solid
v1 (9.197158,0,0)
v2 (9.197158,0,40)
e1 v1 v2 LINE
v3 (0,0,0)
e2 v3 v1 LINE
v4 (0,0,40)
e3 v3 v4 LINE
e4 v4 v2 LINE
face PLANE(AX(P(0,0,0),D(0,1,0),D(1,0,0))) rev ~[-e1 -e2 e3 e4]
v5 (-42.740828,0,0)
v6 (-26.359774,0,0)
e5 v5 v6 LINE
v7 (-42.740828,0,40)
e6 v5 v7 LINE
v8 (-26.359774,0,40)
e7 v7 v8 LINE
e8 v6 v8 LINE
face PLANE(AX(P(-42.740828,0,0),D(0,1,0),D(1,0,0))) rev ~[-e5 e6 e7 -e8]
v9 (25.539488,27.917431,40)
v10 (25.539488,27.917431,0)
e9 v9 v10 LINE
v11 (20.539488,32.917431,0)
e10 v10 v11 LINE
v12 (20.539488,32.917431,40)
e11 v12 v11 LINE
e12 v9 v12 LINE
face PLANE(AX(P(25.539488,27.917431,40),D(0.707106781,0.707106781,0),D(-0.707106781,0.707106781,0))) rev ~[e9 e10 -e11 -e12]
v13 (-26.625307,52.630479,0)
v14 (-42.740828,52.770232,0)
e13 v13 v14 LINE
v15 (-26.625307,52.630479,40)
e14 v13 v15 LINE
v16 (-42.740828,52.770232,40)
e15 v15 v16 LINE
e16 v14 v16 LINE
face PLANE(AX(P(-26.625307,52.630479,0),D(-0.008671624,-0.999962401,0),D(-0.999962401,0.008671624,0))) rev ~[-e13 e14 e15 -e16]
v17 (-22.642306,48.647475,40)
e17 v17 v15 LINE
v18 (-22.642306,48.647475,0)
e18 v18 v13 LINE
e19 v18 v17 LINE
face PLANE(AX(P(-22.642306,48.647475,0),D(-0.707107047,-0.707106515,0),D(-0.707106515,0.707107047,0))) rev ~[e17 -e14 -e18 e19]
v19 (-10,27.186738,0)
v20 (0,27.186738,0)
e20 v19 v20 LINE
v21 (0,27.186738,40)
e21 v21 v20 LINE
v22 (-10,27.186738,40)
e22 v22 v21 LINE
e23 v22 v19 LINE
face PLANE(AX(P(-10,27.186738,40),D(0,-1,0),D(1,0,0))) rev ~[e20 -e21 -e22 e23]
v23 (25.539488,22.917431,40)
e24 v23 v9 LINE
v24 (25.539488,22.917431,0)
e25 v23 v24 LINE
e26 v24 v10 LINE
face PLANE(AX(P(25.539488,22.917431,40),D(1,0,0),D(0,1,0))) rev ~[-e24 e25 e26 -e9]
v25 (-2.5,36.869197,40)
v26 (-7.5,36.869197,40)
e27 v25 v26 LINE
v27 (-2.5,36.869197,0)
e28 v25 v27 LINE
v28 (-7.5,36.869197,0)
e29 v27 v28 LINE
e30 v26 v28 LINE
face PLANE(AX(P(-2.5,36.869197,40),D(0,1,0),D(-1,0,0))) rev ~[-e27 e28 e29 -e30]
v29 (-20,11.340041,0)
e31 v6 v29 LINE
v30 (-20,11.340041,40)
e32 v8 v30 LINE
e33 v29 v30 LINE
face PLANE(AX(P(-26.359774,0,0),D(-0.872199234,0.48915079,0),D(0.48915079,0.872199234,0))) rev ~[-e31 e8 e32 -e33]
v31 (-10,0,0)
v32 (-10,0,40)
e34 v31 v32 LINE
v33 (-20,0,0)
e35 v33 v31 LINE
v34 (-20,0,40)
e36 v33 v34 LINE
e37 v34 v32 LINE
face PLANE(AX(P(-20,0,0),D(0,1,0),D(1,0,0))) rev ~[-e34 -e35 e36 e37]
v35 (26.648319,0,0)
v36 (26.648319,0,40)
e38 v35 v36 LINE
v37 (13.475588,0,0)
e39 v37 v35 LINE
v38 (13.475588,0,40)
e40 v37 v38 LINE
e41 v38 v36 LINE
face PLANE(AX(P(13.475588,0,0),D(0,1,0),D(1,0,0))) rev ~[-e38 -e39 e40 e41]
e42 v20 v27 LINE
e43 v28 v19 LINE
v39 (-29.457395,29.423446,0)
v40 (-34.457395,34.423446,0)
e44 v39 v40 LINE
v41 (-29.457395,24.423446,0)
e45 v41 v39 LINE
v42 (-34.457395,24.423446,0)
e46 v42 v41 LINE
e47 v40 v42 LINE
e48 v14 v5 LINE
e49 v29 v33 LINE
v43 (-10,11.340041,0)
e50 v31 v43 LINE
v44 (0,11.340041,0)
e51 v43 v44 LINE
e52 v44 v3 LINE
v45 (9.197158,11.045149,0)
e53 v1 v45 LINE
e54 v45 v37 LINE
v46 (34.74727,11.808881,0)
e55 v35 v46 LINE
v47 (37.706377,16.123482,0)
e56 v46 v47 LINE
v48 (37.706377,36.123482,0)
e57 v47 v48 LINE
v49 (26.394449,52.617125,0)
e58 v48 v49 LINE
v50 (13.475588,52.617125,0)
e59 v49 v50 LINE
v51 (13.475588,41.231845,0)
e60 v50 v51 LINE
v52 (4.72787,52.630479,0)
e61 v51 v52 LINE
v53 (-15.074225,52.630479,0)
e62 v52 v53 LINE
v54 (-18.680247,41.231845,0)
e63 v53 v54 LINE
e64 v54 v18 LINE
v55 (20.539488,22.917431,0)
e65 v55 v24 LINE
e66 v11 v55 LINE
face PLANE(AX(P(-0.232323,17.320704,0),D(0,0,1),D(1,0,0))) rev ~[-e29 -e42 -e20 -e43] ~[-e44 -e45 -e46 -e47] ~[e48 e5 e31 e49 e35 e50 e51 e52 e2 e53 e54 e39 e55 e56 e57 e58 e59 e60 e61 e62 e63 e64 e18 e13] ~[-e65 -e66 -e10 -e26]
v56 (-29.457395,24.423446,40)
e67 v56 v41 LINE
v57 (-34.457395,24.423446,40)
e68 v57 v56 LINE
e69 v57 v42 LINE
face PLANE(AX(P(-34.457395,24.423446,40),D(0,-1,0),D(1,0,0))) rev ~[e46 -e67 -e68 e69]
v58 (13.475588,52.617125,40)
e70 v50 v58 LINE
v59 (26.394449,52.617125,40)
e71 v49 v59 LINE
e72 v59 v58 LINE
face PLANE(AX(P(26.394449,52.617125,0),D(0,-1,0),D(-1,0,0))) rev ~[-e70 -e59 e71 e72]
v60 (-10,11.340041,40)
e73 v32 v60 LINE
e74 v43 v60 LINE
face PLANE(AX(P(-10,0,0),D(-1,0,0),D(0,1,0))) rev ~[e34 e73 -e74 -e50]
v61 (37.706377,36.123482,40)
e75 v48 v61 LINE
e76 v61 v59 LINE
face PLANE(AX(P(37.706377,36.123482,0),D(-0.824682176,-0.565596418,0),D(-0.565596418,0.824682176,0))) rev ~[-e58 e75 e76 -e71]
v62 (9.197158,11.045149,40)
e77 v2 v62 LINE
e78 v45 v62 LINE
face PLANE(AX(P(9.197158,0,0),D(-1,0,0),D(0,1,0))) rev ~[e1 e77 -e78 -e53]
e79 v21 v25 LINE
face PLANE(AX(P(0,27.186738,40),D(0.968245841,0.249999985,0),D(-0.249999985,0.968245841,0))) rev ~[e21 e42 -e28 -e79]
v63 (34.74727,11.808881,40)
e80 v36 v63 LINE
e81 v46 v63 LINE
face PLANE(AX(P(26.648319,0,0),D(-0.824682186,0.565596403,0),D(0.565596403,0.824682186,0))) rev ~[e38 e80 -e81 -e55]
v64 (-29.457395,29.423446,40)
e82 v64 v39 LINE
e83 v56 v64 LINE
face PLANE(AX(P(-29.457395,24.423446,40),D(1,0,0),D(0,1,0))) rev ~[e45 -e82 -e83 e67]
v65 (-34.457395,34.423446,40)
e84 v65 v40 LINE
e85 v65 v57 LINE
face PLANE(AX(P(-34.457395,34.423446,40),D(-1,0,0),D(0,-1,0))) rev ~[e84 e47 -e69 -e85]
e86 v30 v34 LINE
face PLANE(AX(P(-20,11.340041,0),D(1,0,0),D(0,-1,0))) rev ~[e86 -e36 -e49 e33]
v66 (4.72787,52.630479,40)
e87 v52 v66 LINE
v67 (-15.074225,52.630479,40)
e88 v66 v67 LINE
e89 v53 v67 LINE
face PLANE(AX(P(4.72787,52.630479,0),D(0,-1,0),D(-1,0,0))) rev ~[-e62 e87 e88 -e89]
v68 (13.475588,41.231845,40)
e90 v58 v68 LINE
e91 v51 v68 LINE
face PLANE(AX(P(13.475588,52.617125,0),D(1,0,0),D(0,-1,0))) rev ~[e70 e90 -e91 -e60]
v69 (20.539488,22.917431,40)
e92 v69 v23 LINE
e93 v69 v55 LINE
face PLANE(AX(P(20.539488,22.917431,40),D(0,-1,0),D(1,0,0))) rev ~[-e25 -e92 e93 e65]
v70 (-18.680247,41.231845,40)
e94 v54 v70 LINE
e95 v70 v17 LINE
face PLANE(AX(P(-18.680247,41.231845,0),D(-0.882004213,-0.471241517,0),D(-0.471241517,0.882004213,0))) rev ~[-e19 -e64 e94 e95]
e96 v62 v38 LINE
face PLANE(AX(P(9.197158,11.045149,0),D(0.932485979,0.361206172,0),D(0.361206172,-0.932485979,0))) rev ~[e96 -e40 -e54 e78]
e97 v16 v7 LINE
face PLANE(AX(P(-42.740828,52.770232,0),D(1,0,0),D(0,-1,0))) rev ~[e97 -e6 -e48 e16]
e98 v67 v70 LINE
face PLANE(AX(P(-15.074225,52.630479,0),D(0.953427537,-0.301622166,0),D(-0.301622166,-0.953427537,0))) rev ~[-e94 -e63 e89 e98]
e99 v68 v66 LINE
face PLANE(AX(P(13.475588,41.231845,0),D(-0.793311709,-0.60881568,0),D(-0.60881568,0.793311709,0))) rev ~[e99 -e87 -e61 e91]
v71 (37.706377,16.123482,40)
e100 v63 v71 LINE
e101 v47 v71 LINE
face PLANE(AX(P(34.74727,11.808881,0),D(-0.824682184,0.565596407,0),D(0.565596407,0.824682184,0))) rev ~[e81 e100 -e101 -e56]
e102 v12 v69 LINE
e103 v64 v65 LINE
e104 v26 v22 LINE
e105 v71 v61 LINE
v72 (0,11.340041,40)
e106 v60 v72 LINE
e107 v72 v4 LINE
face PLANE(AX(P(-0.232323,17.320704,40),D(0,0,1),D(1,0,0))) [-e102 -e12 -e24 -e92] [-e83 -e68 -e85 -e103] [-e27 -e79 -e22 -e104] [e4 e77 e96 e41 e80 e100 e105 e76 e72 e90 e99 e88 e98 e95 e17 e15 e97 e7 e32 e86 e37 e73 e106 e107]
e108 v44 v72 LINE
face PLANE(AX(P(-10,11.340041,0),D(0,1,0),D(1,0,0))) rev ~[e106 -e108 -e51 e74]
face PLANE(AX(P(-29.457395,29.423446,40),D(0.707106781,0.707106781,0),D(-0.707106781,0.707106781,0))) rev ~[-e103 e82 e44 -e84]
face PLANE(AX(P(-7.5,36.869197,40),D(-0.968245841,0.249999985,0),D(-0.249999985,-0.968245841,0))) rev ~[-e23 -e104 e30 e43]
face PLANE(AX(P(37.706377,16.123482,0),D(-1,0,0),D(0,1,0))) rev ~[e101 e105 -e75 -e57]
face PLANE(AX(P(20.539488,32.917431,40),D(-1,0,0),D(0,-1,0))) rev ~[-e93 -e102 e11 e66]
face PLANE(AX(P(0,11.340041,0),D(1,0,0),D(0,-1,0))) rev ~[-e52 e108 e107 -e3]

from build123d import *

# Parameters (mm, degrees)
F2_DEPTH = 40
F6_DEPTH = 40.001
F7_DEPTH = 40.001


with BuildPart() as f2:
    # F1 (on face) → F2 (new body)
    with BuildSketch(Plane.XY):
        Polygon((-30.25273, 38.586084), (-30.25273, 0), (-26.359774, 0), (-20, 11.340041), (-20, 0), (-10, 0), (-10, 11.340041), (0, 11.340041), (0, 0), (9.197158, 0), (9.197158, 11.045149), (13.475588, 0), (26.648319, 0), (34.74727, 11.808881), (34.74727, 38.586084), align=None)
        Polygon((-26.625307, 52.630479), (-42.740828, 52.770232), (-42.740828, 0), (-30.25273, 0), (-30.25273, 38.586084), (34.74727, 38.586084), (34.74727, 11.808881), (37.706377, 16.123482), (37.706377, 36.123482), (26.394449, 52.617125), (13.475588, 52.617125), (13.475588, 41.231845), (4.72787, 52.630479), (-15.074225, 52.630479), (-18.680247, 41.231845), (-22.642306, 48.647475), align=None)
    extrude(amount=F2_DEPTH)

    # F5 (on face) → F6 (cut, through all)
    with BuildSketch(Plane.XY.offset(40)):
        Polygon((-34.457395, 34.423446), (-34.457395, 24.423446), (-29.457395, 24.423446), (-29.457395, 29.423446), align=None)
        Polygon((25.539488, 27.917431), (20.539488, 32.917431), (20.539488, 22.917431), (25.539488, 22.917431), align=None)
    extrude(amount=-F6_DEPTH, mode=Mode.SUBTRACT)

    # F4 (on face) → F7 (cut, through all)
    with BuildSketch(Plane.XY.offset(40)):
        Polygon((-7.5, 36.869197), (-10, 27.186738), (0, 27.186738), (-2.5, 36.869197), align=None)
    extrude(amount=-F7_DEPTH, mode=Mode.SUBTRACT)


solid = f2.part
